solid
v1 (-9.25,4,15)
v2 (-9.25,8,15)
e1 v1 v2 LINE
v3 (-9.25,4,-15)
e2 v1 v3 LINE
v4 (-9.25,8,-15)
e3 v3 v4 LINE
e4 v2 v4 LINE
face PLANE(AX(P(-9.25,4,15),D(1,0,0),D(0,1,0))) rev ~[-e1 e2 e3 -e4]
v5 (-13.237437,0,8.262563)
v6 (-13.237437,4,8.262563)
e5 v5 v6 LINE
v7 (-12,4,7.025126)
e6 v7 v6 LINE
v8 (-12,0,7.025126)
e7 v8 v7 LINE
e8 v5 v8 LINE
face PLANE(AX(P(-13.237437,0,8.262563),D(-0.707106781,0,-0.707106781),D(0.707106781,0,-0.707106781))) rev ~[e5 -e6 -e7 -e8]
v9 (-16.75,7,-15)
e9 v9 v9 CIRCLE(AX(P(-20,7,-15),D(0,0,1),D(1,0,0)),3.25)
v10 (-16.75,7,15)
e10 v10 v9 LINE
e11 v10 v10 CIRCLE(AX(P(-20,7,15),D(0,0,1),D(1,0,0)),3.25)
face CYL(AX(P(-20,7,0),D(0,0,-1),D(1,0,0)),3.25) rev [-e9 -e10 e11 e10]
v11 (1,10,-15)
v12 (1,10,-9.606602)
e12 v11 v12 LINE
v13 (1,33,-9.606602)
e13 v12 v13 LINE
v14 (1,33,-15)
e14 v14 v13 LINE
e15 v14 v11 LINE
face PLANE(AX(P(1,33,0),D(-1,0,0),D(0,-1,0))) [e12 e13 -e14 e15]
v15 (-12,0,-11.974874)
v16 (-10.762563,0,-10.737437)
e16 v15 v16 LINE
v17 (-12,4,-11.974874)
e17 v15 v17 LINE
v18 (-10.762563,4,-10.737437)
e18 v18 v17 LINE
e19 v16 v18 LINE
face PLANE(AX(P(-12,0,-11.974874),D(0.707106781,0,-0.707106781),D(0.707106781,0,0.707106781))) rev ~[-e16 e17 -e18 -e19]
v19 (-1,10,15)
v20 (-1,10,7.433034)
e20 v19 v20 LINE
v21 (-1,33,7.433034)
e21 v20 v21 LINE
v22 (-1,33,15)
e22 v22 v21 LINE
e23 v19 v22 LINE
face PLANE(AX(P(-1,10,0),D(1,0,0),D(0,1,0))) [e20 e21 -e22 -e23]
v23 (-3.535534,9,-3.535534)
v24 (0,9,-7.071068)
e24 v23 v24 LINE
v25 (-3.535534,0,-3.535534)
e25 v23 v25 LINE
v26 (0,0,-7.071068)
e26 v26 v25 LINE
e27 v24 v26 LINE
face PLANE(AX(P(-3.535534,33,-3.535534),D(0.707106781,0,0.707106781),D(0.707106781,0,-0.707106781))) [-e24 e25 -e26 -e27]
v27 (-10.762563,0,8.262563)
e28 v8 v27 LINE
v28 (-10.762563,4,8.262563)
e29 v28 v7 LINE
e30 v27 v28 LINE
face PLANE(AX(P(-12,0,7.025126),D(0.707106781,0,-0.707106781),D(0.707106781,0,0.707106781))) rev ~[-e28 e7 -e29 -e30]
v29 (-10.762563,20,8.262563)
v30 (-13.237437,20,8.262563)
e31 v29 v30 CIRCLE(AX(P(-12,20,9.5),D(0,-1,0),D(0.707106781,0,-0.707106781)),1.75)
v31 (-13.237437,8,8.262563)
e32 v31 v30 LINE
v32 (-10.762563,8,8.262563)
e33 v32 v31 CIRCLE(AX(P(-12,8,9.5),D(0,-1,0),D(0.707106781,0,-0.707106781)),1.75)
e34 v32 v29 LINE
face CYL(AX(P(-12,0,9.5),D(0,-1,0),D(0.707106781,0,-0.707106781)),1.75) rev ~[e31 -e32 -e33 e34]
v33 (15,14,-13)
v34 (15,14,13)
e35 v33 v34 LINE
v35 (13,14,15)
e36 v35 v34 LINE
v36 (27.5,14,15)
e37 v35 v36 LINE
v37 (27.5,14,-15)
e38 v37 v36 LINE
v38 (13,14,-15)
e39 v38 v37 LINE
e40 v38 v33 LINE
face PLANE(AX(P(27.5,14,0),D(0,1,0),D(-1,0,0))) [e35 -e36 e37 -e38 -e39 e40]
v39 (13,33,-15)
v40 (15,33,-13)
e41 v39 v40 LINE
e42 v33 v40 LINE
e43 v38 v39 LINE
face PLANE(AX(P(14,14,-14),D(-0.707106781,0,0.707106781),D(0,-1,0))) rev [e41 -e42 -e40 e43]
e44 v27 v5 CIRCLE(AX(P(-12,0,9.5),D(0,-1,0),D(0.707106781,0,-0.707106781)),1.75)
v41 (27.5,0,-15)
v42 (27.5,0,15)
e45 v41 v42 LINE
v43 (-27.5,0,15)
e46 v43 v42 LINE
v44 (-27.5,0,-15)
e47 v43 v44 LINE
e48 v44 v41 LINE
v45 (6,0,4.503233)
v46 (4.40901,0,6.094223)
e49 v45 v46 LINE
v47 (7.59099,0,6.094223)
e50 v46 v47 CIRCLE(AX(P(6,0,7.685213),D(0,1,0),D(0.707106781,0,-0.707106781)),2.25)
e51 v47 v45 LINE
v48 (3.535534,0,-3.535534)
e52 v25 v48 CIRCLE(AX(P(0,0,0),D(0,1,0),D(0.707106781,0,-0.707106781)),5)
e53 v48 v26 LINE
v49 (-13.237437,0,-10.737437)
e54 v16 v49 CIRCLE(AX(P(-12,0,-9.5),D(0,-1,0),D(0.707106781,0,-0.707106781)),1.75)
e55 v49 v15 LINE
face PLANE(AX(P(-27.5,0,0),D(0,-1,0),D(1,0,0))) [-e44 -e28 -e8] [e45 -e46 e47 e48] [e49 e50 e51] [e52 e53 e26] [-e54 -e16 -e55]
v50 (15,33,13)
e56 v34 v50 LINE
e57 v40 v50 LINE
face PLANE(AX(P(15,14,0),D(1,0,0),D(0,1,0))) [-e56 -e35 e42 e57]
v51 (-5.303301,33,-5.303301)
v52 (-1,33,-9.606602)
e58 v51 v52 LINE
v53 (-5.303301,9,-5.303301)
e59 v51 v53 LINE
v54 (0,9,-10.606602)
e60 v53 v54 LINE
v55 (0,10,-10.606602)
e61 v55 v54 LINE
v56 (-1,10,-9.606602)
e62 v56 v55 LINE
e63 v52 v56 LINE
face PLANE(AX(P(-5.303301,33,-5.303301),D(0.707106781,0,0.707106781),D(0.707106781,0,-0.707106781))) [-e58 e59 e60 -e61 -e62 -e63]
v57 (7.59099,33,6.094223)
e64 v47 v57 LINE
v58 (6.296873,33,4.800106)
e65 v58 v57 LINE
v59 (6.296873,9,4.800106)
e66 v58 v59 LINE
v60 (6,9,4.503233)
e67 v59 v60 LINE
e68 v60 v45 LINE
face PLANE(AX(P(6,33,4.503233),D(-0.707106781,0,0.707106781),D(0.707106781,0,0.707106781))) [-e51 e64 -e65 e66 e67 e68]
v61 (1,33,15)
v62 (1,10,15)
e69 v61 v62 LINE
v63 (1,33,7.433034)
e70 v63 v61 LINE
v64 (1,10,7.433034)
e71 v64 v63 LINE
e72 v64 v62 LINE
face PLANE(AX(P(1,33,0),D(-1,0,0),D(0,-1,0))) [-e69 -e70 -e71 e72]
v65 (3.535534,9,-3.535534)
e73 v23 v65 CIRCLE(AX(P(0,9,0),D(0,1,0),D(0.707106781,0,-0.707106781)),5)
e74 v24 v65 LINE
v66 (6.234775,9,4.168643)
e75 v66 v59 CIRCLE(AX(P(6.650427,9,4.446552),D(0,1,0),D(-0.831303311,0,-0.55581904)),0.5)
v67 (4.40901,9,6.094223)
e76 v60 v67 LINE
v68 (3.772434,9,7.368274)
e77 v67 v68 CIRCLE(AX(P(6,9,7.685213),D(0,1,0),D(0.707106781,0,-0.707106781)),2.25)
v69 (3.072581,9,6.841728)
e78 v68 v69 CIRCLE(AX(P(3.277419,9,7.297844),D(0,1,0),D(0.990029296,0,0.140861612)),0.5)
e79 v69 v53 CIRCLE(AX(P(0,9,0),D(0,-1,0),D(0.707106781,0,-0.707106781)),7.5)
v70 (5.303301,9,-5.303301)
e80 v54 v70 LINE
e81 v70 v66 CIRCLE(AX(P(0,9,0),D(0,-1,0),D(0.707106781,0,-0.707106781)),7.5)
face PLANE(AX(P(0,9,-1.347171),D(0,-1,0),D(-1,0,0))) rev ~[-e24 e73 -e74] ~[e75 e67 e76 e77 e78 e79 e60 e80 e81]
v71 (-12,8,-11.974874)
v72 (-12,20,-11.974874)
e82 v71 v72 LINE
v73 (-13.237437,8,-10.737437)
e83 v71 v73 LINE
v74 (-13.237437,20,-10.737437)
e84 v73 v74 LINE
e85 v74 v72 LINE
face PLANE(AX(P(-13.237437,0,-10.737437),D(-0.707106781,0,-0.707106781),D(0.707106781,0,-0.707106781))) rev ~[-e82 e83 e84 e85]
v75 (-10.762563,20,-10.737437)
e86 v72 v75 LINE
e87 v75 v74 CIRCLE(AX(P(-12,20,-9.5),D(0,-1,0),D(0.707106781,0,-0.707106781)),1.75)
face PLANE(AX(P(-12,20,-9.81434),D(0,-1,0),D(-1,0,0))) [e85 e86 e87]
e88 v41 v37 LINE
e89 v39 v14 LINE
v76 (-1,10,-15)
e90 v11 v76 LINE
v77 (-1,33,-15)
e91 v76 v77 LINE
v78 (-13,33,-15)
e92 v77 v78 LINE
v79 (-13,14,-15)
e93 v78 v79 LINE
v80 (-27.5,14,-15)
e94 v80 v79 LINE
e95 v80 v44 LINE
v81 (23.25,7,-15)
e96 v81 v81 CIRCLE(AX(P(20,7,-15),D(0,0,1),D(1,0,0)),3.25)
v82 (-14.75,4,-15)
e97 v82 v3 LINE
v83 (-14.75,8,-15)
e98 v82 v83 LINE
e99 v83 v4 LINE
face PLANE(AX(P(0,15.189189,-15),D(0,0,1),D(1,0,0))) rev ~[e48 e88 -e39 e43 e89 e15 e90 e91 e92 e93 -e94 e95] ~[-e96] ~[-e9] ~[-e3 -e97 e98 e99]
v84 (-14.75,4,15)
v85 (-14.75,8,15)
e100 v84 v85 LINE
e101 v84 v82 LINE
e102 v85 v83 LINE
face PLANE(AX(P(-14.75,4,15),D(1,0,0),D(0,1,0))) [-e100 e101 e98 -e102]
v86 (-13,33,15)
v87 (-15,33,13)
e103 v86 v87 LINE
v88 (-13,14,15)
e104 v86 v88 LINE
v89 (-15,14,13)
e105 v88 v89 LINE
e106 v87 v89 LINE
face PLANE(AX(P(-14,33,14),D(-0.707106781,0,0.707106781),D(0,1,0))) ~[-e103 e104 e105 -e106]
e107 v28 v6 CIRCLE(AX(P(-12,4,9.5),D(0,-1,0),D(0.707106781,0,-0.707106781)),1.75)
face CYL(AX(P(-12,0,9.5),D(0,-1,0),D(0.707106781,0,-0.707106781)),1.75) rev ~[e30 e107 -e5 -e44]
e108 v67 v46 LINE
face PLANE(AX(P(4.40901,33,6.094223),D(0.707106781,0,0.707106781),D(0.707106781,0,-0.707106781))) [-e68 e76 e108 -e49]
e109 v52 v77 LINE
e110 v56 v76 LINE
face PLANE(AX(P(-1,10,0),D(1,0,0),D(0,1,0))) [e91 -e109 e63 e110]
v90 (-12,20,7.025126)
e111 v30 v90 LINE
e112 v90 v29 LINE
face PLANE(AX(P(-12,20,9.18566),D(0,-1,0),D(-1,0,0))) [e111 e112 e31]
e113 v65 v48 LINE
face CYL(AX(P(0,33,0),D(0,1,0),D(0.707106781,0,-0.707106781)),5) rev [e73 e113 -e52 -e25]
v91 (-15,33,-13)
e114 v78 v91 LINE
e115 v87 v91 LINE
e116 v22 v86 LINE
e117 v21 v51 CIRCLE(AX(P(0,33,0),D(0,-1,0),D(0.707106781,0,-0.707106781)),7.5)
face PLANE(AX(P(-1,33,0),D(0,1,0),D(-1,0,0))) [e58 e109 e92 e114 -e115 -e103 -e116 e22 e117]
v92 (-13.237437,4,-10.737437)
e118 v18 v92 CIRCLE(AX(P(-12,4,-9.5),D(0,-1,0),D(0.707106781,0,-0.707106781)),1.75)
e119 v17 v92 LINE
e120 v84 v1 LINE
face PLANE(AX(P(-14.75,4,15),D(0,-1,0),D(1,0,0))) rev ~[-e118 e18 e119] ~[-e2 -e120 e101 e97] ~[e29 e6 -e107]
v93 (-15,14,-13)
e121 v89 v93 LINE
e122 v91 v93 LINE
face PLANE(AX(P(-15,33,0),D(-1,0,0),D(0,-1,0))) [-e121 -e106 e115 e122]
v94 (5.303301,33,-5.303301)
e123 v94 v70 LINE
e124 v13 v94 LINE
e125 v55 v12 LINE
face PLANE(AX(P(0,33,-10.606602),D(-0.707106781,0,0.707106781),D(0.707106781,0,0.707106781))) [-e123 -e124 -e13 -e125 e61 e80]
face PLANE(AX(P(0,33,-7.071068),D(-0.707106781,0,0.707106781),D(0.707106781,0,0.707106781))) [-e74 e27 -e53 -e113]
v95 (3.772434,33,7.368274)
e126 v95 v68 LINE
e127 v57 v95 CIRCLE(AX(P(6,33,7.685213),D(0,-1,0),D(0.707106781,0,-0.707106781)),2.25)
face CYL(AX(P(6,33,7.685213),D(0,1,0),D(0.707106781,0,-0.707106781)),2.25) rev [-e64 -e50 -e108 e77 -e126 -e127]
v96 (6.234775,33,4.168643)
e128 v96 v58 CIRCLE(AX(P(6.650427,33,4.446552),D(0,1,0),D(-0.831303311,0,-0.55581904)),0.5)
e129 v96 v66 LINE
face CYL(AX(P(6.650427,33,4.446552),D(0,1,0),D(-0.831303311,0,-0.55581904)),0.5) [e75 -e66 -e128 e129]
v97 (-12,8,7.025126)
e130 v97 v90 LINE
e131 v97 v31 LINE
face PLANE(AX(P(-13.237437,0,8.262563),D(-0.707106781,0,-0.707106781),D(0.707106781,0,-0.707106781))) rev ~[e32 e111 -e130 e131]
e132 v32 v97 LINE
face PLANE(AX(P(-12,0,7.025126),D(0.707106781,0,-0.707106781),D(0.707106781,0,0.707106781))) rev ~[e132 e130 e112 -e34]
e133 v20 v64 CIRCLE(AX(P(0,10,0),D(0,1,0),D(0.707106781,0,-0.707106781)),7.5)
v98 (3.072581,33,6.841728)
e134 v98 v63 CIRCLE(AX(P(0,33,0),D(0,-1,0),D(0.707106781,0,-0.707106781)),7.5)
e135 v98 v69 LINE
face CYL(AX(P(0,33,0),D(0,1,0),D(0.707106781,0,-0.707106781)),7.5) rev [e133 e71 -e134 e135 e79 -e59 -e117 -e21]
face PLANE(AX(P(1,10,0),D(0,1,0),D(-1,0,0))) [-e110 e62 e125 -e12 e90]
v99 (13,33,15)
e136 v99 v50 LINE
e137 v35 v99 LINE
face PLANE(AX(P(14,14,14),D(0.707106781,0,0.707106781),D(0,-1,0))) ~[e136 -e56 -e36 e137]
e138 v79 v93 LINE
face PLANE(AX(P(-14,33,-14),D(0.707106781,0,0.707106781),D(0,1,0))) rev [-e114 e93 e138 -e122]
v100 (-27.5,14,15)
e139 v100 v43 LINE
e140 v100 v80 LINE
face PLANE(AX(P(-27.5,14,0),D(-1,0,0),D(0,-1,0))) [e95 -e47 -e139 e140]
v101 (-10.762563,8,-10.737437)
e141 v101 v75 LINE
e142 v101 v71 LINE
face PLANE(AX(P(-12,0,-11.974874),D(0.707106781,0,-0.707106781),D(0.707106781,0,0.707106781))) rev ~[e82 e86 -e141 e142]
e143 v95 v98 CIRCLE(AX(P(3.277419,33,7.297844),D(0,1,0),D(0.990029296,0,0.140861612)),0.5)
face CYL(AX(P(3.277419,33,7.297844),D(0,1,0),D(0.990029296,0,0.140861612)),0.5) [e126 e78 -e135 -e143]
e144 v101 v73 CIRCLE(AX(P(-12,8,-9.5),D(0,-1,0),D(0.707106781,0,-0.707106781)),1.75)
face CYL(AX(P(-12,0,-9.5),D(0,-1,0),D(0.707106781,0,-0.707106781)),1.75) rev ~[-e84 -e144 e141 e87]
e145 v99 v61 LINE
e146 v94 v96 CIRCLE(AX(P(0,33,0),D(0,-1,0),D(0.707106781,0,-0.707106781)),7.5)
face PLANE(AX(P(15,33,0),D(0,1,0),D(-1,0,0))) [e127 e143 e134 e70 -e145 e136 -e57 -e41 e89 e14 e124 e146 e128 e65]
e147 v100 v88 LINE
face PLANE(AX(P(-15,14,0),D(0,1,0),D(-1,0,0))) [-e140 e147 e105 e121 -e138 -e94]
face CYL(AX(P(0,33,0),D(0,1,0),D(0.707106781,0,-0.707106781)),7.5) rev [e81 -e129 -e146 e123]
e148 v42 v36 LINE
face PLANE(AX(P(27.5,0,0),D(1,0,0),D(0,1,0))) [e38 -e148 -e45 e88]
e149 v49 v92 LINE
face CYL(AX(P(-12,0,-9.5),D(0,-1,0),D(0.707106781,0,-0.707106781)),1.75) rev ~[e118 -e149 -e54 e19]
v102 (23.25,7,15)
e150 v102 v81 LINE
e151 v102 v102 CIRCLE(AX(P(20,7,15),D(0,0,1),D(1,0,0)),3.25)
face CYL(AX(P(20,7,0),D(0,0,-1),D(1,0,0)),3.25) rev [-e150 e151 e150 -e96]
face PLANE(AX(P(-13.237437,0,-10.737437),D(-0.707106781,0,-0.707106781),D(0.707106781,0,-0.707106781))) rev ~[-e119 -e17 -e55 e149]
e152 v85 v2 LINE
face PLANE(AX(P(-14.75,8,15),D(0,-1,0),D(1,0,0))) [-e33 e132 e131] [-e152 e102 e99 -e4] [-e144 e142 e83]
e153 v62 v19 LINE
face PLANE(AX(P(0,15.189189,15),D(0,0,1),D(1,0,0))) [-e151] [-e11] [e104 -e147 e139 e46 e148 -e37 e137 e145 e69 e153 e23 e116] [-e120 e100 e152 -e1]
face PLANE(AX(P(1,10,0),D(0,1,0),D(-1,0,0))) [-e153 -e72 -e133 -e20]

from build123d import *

# Parameters (mm, degrees)
SKETCH1_R           = 3.25
BOSS_EXTRUDE1_DEPTH = 15
CUT_EXTRUDE1_DEPTH  = 46.5
CUT_EXTRUDE2_DEPTH  = 24
CHAMFER1_SIZE       = 2
CUT_EXTRUDE4_DEPTH  = 20
SKETCH7_W           = 5.5
SKETCH7_H           = 4
CUT_EXTRUDE5_DEPTH  = 53.395133362
CUT_EXTRUDE6_DEPTH  = 24
CUT_EXTRUDE7_DEPTH  = 46.5


with BuildPart() as part:
    # Sketch1 → Boss-Extrude1 (new, symmetric)
    with BuildSketch(Plane.XY):
        Polygon((-27.5, 0), (27.5, 0), (27.5, 14), (15, 14), (15, 33), (1, 33), (1, 10), (-1, 10), (-1, 33), (-15, 33), (-15, 14), (-27.5, 14), align=None)
        with Locations((-20, 7)):
            Circle(SKETCH1_R, mode=Mode.SUBTRACT)
        with Locations((20, 7)):
            Circle(SKETCH1_R, mode=Mode.SUBTRACT)
    extrude(amount=BOSS_EXTRUDE1_DEPTH, both=True)

    # Sketch2 → Cut-Extrude1 (cut, through all)
    with BuildSketch(Plane(origin=(0, 33, 0), x_dir=(1, 0, 0), z_dir=(0, 1, 0))):
        with BuildLine():
            Line((-3.535533906, 3.535533906), (0, 7.071067812))
            Line((0, 7.071067812), (3.535533906, 3.535533906))
            ThreePointArc((3.535533906, 3.535533906), (0, -5), (-3.535533906, 3.535533906))
        make_face()
    extrude(amount=-CUT_EXTRUDE1_DEPTH, mode=Mode.SUBTRACT)

    # Sketch3 → Cut-Extrude2 (cut)
    with BuildSketch(Plane(origin=(0, 33, 0), x_dir=(1, 0, 0), z_dir=(0, 1, 0))):
        with BuildLine():
            Line((-5.303300859, 5.303300859), (0, 10.606601718))
            Line((0, 10.606601718), (5.303300859, 5.303300859))
            ThreePointArc((5.303300859, 5.303300859), (0, -7.5), (-5.303300859, 5.303300859))
        make_face()
    extrude(amount=-CUT_EXTRUDE2_DEPTH, mode=Mode.SUBTRACT)

    # Chamfer1
    chamfer1_edges = [part.edges().sort_by_distance(p)[0] for p in [
        (-15, 23.5, -15),
        (15, 23.5, -15),
        (15, 23.5, 15),
        (-15, 23.5, 15),
    ]]
    chamfer(chamfer1_edges, length=CHAMFER1_SIZE)

    # Sketch6 → Cut-Extrude4 (cut)
    with BuildSketch(Plane(origin=(0, 0, 0), x_dir=(-1, 0, 0), z_dir=(0, -1, 0))):
        with BuildLine():
            Line((13.237436867, -8.262563133), (12, -7.025126266))
            Line((12, -7.025126266), (10.762563133, -8.262563133))
            ThreePointArc((10.762563133, -8.262563133), (12, -11.25), (13.237436867, -8.262563133))
        make_face()
        with BuildLine():
            Line((13.237436867, 10.737436867), (12, 11.974873734))
            Line((12, 11.974873734), (10.762563133, 10.737436867))
            ThreePointArc((10.762563133, 10.737436867), (12, 7.75), (13.237436867, 10.737436867))
        make_face()
    extrude(amount=-CUT_EXTRUDE4_DEPTH, mode=Mode.SUBTRACT)

    # Sketch7 → Cut-Extrude5 (cut, through all)
    with BuildSketch(Plane.XY.offset(15)):
        with Locations((-12, 6)):
            Rectangle(SKETCH7_W, SKETCH7_H)
    extrude(amount=-CUT_EXTRUDE5_DEPTH, mode=Mode.SUBTRACT)

    # Sketch8 → Cut-Extrude6 (cut)
    with BuildSketch(Plane(origin=(0, 33, 0), x_dir=(1, 0, 0), z_dir=(0, 1, 0))):
        with BuildLine():
            Line((4.513018654, -5.990213905), (5.990213905, -4.513018654))
            Line((5.990213905, -4.513018654), (6.234774853, -4.168642769))
            ThreePointArc((6.234774853, -4.168642769), (6.152826818, -4.495486402), (6.296873119, -4.800105678))
            Line((6.296873119, -4.800105678), (7.590990258, -6.094222817))
            ThreePointArc((7.590990258, -6.094222817), (6.712115884, -9.819549264), (3.772434085, -7.368274449))
            ThreePointArc((3.772434085, -7.368274449), (3.57802416, -6.8982979), (3.072580722, -6.841728415))
            Line((3.072580722, -6.841728415), (4.513018654, -5.990213905))
        make_face()
    extrude(amount=-CUT_EXTRUDE6_DEPTH, mode=Mode.SUBTRACT)

    # Sketch9 → Cut-Extrude7 (cut, through all)
    with BuildSketch(Plane(origin=(0, 33, 0), x_dir=(1, 0, 0), z_dir=(0, 1, 0))):
        with BuildLine():
            Line((4.409009742, -6.094222817), (6, -4.503232559))
            Line((6, -4.503232559), (7.590990258, -6.094222817))
            ThreePointArc((7.590990258, -6.094222817), (6, -9.935213074), (4.409009742, -6.094222817))
        make_face()
    extrude(amount=-CUT_EXTRUDE7_DEPTH, mode=Mode.SUBTRACT)


solid = part.part
